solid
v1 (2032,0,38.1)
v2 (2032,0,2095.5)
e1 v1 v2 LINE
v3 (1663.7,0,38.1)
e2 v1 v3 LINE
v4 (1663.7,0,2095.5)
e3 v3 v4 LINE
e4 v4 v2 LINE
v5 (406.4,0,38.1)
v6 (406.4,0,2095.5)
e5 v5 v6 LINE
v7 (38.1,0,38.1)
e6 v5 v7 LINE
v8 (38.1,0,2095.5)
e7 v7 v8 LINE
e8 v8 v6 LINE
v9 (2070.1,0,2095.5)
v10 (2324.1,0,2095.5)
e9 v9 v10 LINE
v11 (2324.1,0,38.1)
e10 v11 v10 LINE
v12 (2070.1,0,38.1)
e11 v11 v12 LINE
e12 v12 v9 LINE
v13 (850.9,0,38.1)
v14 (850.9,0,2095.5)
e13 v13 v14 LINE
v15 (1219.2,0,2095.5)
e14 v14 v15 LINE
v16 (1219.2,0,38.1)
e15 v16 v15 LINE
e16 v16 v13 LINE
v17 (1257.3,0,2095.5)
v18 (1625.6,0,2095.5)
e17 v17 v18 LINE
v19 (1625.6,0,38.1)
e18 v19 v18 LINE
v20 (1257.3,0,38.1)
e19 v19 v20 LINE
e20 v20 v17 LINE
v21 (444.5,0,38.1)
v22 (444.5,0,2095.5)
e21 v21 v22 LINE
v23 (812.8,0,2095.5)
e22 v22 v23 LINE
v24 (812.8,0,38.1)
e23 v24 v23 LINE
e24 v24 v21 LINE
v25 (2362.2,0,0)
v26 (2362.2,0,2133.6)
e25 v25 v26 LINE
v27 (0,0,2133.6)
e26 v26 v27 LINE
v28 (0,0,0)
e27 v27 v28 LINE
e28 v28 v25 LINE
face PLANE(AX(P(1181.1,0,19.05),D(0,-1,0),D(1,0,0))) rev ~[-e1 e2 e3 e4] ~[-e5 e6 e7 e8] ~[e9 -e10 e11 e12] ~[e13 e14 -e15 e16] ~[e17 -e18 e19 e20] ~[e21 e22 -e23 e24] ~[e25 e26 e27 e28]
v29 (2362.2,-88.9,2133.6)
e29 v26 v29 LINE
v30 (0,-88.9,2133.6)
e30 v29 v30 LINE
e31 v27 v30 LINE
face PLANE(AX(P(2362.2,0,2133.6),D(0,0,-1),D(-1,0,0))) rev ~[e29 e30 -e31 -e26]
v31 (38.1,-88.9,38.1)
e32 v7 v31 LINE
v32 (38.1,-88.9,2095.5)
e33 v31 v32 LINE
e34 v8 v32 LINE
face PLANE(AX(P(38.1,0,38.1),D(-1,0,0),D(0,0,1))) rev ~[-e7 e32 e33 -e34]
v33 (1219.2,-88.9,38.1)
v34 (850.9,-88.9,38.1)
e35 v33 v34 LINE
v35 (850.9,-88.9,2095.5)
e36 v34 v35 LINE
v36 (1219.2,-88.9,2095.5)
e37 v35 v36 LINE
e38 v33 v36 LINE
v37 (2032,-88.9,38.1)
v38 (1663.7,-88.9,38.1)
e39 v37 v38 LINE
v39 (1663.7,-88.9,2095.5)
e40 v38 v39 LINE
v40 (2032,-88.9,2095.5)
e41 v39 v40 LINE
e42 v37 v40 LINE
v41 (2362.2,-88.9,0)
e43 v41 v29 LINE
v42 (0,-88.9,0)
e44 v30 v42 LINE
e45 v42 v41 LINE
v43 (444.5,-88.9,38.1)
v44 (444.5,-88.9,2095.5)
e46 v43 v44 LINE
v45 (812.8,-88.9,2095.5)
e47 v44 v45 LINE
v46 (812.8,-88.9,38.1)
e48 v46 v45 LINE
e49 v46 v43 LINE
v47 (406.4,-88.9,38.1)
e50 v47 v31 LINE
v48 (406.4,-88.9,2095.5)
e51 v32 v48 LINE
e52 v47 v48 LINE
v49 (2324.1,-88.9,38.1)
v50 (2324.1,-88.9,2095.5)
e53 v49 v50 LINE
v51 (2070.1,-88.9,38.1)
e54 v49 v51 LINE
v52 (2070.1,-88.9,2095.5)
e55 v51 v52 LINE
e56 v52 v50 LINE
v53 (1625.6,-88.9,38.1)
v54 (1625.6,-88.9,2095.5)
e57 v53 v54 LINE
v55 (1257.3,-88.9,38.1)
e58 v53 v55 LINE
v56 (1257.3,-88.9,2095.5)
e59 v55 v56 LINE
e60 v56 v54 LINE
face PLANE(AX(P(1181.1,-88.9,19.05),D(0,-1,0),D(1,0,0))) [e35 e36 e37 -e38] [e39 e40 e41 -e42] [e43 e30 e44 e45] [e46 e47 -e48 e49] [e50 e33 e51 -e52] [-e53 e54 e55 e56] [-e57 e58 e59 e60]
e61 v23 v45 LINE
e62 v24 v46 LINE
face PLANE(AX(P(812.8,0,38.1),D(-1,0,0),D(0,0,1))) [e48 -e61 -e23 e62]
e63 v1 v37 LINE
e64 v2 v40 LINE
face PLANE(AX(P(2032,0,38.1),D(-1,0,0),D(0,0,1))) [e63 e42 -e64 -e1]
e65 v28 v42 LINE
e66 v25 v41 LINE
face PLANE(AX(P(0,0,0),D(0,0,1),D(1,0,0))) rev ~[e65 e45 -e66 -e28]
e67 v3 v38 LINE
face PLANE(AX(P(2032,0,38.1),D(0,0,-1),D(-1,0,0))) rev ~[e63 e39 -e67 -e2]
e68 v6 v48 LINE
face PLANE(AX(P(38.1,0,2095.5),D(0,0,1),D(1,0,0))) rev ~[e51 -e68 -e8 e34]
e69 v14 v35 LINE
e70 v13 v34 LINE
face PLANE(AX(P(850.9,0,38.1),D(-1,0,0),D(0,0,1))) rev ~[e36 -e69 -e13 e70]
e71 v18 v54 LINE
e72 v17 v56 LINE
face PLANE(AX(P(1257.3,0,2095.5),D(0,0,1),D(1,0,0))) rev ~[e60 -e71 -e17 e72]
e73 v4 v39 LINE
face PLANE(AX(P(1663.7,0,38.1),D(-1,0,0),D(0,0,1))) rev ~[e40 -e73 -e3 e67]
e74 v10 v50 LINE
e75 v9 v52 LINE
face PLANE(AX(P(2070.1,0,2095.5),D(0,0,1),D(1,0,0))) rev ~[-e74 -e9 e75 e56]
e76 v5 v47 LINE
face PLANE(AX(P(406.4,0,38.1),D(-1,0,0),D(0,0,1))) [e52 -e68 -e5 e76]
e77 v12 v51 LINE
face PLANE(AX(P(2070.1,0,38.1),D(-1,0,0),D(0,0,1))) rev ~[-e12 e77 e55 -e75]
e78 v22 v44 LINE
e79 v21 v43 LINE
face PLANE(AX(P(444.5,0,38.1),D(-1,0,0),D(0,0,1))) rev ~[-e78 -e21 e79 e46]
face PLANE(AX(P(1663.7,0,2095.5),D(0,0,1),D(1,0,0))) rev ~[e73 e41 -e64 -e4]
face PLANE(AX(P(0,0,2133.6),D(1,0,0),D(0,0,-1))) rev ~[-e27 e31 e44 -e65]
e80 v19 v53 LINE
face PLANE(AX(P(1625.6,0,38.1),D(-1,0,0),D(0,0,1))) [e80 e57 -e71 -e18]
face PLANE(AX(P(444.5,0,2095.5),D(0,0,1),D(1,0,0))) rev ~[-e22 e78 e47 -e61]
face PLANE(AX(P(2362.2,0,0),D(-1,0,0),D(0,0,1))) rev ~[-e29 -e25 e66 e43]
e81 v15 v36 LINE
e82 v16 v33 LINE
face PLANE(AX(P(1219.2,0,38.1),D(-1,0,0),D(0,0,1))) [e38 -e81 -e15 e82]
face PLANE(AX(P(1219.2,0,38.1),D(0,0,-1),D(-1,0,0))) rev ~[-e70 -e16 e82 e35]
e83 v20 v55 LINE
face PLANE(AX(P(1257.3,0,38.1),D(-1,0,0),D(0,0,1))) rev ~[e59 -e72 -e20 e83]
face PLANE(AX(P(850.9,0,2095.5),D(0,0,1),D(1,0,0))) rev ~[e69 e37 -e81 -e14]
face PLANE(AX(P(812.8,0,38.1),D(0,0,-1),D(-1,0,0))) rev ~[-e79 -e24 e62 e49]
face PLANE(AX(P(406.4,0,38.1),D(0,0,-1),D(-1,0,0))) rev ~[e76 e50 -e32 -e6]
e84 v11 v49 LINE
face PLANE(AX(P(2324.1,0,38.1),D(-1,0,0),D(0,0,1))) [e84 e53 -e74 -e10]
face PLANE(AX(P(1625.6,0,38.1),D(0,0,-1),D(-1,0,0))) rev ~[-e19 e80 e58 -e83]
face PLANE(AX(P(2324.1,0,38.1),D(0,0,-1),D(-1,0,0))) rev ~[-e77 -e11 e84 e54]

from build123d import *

# Parameters (mm, degrees)
F0_W     = 38.1
F0_H     = 2057.4
F1_DEPTH = 88.9


with BuildPart() as f1:
    # F0 (on Front) → F1 (new body)
    with BuildSketch(Plane.XZ):
        Polygon((0, 38.1), (0, 0), (2362.2, 0), (2362.2, 38.1), (2324.1, 38.1), (2070.1, 38.1), (2032, 38.1), (1663.7, 38.1), (1625.6, 38.1), (1257.3, 38.1), (1219.2, 38.1), (850.9, 38.1), (812.8, 38.1), (444.5, 38.1), (406.4, 38.1), (38.1, 38.1), align=None)
        with Locations((19.05, 1066.8)):
            Rectangle(F0_W, F0_H)
        with Locations((2343.15, 1066.8)):
            Rectangle(F0_W, F0_H)
        Polygon((0, 2133.6), (0, 2095.5), (38.1, 2095.5), (406.4, 2095.5), (444.5, 2095.5), (812.8, 2095.5), (850.9, 2095.5), (1219.2, 2095.5), (1257.3, 2095.5), (1625.6, 2095.5), (1663.7, 2095.5), (2032, 2095.5), (2070.1, 2095.5), (2324.1, 2095.5), (2362.2, 2095.5), (2362.2, 2133.6), align=None)
        with Locations((425.45, 1066.8)):
            Rectangle(F0_W, F0_H)
        with Locations((831.85, 1066.8)):
            Rectangle(F0_W, F0_H)
        with Locations((1238.25, 1066.8)):
            Rectangle(F0_W, F0_H)
        with Locations((1644.65, 1066.8)):
            Rectangle(F0_W, F0_H)
        with Locations((2051.05, 1066.8)):
            Rectangle(F0_W, F0_H)
    extrude(amount=F1_DEPTH)


solid = f1.part
